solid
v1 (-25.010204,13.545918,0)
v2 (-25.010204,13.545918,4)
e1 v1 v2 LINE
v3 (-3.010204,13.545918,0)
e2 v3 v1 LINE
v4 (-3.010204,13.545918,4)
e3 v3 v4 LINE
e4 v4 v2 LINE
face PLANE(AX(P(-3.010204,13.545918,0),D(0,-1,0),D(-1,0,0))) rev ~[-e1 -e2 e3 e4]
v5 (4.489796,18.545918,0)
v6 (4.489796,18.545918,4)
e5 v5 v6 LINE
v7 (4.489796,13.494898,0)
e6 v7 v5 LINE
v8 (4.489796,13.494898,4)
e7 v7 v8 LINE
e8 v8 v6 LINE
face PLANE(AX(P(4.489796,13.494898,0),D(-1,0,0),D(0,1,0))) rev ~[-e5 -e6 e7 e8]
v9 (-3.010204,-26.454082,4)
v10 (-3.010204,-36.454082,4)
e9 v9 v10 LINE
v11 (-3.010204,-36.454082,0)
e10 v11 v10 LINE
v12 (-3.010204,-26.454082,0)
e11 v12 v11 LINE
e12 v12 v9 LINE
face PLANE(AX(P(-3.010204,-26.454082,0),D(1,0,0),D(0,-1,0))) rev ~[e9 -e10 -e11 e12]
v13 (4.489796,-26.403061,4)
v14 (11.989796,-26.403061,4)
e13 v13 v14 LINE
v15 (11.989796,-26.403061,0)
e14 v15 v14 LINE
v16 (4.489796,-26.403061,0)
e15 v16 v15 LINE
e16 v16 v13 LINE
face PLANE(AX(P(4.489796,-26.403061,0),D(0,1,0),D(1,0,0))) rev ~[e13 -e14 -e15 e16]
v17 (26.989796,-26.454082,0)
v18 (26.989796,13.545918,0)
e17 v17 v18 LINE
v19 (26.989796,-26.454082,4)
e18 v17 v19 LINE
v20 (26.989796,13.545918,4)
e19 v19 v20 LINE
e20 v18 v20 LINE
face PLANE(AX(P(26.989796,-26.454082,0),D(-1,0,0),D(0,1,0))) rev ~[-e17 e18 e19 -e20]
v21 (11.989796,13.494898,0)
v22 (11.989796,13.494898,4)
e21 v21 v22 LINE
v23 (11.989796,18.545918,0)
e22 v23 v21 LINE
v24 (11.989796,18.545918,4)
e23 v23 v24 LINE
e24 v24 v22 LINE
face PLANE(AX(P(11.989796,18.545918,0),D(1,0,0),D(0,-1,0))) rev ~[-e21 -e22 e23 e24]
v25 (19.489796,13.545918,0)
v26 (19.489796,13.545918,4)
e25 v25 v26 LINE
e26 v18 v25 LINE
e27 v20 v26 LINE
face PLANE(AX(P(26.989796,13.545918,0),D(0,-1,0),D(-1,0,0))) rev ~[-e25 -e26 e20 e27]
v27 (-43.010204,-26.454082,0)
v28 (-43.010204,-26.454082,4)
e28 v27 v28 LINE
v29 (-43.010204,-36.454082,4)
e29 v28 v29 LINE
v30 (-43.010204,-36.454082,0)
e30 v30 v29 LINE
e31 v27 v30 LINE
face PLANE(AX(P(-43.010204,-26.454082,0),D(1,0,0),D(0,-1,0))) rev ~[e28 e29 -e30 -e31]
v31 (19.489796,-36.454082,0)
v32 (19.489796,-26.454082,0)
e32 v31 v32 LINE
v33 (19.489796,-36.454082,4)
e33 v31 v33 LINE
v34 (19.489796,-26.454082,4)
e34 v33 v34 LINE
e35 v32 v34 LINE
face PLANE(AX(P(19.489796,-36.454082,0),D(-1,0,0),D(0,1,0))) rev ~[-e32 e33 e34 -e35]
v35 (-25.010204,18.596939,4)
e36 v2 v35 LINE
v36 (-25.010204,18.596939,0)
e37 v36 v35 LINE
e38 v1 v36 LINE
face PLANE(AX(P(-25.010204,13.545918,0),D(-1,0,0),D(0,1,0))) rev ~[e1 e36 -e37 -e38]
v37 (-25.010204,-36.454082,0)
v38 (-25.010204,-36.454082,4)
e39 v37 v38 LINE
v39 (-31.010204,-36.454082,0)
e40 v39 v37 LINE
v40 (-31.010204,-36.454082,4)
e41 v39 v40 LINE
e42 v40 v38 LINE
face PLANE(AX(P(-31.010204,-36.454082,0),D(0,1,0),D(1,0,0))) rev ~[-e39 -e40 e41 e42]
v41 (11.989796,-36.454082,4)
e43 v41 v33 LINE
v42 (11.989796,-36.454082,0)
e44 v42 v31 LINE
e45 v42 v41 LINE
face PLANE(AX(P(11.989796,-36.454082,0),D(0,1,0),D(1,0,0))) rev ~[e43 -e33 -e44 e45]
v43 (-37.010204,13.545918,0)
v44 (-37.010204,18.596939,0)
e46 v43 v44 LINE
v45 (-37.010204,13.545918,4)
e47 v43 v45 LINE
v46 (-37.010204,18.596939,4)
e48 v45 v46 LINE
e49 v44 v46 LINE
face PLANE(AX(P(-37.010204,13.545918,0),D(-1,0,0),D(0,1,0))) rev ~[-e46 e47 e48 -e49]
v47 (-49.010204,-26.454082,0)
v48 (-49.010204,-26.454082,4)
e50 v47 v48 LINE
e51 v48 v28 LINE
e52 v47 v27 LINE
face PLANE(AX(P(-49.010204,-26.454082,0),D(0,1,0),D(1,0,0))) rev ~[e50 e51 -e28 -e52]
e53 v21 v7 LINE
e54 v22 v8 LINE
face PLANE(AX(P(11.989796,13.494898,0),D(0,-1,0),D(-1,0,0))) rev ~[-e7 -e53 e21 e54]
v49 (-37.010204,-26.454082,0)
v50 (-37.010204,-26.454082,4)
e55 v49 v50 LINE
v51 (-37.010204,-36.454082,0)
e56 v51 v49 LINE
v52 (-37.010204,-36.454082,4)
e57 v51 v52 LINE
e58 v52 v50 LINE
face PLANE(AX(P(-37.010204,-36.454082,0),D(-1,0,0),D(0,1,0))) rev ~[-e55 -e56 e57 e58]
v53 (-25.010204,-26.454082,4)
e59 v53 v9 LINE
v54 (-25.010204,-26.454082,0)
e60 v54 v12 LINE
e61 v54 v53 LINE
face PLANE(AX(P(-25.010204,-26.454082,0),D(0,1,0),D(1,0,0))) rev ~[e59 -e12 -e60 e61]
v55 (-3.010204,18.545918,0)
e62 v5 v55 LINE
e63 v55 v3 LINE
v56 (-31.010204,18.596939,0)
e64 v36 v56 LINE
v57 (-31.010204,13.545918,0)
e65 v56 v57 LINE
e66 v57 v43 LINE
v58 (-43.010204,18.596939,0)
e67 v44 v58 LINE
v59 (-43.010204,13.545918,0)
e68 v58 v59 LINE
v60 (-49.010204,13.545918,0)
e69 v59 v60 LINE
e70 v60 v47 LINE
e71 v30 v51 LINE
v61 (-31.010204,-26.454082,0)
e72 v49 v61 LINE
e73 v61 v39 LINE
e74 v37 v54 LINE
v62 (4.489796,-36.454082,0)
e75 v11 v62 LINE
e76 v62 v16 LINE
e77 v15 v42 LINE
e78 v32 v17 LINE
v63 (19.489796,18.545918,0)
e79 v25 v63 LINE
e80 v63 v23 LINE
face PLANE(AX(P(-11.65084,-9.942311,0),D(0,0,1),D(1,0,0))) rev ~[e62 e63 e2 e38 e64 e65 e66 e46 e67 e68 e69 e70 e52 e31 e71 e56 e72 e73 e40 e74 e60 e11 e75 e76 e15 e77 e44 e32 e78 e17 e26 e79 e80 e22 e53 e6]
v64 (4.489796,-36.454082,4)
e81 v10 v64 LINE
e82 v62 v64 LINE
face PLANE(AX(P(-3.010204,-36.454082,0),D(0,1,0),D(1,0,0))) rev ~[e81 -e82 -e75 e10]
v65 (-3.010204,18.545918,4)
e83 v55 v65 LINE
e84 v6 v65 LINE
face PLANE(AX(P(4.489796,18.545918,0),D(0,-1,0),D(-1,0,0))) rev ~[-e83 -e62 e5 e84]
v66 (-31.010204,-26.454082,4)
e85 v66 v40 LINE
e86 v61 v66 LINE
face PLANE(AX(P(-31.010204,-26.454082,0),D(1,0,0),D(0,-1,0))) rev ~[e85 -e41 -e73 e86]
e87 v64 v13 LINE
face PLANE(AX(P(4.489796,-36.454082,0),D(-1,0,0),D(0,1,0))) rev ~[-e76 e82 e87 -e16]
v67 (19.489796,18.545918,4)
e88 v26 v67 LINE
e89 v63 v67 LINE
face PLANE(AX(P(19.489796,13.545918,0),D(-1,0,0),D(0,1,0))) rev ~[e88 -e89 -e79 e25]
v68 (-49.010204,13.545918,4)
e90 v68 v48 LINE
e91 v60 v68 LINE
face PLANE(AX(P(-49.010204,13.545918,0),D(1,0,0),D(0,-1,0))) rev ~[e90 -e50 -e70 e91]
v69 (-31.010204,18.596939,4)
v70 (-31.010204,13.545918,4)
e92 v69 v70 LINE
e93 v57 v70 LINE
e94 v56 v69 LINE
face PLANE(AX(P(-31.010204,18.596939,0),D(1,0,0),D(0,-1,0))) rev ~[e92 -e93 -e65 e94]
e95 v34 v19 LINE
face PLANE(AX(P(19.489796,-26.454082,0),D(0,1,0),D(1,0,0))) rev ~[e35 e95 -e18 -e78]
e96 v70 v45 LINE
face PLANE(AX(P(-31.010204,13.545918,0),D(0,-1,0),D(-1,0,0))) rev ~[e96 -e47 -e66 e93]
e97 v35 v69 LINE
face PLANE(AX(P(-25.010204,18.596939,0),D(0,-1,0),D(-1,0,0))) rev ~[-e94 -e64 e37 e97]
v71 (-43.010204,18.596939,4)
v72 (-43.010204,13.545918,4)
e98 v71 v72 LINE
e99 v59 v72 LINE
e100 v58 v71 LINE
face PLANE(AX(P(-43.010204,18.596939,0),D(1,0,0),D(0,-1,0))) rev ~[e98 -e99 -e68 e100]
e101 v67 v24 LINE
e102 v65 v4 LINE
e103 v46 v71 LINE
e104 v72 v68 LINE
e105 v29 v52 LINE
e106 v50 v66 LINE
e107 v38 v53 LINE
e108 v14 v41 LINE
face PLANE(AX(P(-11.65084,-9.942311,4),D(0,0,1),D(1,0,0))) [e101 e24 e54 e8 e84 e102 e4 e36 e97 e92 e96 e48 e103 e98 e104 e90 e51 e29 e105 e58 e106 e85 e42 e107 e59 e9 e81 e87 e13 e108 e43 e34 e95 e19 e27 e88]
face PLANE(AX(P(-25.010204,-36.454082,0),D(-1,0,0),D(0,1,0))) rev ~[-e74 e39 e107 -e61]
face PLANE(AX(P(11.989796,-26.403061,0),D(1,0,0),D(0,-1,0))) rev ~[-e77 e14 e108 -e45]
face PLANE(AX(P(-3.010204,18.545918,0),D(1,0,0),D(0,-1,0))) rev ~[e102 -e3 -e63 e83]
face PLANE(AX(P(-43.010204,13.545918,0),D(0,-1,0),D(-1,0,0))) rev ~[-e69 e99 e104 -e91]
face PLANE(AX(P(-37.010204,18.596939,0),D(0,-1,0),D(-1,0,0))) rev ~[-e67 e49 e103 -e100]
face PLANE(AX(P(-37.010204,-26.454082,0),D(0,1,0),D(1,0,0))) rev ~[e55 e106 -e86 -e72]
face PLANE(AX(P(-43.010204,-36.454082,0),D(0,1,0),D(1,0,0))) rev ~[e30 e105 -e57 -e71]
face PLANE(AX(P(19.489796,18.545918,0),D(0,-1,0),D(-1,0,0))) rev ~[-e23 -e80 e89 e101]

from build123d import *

# Parameters (mm, degrees)
BOSS_EXTRUDE1_DEPTH = 4


with BuildPart() as part:
    # Sketch1 → Boss-Extrude1 (new body)
    with BuildSketch(Plane.XY):
        Polygon((26.989795918, 13.545918367), (19.489795918, 13.545918367), (19.489795918, 18.545918367), (11.989795918, 18.545918367), (11.989795918, 13.494897959), (4.489795918, 13.494897959), (4.489795918, 18.545918367), (-3.010204082, 18.545918367), (-3.010204082, 13.545918367), (-25.010204082, 13.545918367), (-25.010204082, 18.596938776), (-31.010204082, 18.596938776), (-31.010204082, 13.545918367), (-37.010204082, 13.545918367), (-37.010204082, 18.596938776), (-43.010204082, 18.596938776), (-43.010204082, 13.545918367), (-49.010204082, 13.545918367), (-49.010204082, -26.454081633), (-43.010204082, -26.454081633), (-43.010204082, -31.505102041), (-43.010204082, -36.454081633), (-37.010204082, -36.454081633), (-37.010204082, -31.505102041), (-37.010204082, -26.454081633), (-31.010204082, -26.454081633), (-31.010204082, -31.505102041), (-31.010204082, -36.454081633), (-25.010204082, -36.454081633), (-25.010204082, -31.505102041), (-25.010204082, -26.454081633), (-3.010204082, -26.454081633), (-3.010204082, -31.454081633), (-3.010204082, -36.454081633), (4.489795918, -36.454081633), (4.489795918, -31.454081633), (4.489795918, -26.403061224), (11.989795918, -26.403061224), (11.989795918, -31.454081633), (11.989795918, -36.454081633), (19.489795918, -36.454081633), (19.489795918, -31.454081633), (19.489795918, -26.454081633), (26.989795918, -26.454081633), align=None)
    extrude(amount=BOSS_EXTRUDE1_DEPTH)


solid = part.part
